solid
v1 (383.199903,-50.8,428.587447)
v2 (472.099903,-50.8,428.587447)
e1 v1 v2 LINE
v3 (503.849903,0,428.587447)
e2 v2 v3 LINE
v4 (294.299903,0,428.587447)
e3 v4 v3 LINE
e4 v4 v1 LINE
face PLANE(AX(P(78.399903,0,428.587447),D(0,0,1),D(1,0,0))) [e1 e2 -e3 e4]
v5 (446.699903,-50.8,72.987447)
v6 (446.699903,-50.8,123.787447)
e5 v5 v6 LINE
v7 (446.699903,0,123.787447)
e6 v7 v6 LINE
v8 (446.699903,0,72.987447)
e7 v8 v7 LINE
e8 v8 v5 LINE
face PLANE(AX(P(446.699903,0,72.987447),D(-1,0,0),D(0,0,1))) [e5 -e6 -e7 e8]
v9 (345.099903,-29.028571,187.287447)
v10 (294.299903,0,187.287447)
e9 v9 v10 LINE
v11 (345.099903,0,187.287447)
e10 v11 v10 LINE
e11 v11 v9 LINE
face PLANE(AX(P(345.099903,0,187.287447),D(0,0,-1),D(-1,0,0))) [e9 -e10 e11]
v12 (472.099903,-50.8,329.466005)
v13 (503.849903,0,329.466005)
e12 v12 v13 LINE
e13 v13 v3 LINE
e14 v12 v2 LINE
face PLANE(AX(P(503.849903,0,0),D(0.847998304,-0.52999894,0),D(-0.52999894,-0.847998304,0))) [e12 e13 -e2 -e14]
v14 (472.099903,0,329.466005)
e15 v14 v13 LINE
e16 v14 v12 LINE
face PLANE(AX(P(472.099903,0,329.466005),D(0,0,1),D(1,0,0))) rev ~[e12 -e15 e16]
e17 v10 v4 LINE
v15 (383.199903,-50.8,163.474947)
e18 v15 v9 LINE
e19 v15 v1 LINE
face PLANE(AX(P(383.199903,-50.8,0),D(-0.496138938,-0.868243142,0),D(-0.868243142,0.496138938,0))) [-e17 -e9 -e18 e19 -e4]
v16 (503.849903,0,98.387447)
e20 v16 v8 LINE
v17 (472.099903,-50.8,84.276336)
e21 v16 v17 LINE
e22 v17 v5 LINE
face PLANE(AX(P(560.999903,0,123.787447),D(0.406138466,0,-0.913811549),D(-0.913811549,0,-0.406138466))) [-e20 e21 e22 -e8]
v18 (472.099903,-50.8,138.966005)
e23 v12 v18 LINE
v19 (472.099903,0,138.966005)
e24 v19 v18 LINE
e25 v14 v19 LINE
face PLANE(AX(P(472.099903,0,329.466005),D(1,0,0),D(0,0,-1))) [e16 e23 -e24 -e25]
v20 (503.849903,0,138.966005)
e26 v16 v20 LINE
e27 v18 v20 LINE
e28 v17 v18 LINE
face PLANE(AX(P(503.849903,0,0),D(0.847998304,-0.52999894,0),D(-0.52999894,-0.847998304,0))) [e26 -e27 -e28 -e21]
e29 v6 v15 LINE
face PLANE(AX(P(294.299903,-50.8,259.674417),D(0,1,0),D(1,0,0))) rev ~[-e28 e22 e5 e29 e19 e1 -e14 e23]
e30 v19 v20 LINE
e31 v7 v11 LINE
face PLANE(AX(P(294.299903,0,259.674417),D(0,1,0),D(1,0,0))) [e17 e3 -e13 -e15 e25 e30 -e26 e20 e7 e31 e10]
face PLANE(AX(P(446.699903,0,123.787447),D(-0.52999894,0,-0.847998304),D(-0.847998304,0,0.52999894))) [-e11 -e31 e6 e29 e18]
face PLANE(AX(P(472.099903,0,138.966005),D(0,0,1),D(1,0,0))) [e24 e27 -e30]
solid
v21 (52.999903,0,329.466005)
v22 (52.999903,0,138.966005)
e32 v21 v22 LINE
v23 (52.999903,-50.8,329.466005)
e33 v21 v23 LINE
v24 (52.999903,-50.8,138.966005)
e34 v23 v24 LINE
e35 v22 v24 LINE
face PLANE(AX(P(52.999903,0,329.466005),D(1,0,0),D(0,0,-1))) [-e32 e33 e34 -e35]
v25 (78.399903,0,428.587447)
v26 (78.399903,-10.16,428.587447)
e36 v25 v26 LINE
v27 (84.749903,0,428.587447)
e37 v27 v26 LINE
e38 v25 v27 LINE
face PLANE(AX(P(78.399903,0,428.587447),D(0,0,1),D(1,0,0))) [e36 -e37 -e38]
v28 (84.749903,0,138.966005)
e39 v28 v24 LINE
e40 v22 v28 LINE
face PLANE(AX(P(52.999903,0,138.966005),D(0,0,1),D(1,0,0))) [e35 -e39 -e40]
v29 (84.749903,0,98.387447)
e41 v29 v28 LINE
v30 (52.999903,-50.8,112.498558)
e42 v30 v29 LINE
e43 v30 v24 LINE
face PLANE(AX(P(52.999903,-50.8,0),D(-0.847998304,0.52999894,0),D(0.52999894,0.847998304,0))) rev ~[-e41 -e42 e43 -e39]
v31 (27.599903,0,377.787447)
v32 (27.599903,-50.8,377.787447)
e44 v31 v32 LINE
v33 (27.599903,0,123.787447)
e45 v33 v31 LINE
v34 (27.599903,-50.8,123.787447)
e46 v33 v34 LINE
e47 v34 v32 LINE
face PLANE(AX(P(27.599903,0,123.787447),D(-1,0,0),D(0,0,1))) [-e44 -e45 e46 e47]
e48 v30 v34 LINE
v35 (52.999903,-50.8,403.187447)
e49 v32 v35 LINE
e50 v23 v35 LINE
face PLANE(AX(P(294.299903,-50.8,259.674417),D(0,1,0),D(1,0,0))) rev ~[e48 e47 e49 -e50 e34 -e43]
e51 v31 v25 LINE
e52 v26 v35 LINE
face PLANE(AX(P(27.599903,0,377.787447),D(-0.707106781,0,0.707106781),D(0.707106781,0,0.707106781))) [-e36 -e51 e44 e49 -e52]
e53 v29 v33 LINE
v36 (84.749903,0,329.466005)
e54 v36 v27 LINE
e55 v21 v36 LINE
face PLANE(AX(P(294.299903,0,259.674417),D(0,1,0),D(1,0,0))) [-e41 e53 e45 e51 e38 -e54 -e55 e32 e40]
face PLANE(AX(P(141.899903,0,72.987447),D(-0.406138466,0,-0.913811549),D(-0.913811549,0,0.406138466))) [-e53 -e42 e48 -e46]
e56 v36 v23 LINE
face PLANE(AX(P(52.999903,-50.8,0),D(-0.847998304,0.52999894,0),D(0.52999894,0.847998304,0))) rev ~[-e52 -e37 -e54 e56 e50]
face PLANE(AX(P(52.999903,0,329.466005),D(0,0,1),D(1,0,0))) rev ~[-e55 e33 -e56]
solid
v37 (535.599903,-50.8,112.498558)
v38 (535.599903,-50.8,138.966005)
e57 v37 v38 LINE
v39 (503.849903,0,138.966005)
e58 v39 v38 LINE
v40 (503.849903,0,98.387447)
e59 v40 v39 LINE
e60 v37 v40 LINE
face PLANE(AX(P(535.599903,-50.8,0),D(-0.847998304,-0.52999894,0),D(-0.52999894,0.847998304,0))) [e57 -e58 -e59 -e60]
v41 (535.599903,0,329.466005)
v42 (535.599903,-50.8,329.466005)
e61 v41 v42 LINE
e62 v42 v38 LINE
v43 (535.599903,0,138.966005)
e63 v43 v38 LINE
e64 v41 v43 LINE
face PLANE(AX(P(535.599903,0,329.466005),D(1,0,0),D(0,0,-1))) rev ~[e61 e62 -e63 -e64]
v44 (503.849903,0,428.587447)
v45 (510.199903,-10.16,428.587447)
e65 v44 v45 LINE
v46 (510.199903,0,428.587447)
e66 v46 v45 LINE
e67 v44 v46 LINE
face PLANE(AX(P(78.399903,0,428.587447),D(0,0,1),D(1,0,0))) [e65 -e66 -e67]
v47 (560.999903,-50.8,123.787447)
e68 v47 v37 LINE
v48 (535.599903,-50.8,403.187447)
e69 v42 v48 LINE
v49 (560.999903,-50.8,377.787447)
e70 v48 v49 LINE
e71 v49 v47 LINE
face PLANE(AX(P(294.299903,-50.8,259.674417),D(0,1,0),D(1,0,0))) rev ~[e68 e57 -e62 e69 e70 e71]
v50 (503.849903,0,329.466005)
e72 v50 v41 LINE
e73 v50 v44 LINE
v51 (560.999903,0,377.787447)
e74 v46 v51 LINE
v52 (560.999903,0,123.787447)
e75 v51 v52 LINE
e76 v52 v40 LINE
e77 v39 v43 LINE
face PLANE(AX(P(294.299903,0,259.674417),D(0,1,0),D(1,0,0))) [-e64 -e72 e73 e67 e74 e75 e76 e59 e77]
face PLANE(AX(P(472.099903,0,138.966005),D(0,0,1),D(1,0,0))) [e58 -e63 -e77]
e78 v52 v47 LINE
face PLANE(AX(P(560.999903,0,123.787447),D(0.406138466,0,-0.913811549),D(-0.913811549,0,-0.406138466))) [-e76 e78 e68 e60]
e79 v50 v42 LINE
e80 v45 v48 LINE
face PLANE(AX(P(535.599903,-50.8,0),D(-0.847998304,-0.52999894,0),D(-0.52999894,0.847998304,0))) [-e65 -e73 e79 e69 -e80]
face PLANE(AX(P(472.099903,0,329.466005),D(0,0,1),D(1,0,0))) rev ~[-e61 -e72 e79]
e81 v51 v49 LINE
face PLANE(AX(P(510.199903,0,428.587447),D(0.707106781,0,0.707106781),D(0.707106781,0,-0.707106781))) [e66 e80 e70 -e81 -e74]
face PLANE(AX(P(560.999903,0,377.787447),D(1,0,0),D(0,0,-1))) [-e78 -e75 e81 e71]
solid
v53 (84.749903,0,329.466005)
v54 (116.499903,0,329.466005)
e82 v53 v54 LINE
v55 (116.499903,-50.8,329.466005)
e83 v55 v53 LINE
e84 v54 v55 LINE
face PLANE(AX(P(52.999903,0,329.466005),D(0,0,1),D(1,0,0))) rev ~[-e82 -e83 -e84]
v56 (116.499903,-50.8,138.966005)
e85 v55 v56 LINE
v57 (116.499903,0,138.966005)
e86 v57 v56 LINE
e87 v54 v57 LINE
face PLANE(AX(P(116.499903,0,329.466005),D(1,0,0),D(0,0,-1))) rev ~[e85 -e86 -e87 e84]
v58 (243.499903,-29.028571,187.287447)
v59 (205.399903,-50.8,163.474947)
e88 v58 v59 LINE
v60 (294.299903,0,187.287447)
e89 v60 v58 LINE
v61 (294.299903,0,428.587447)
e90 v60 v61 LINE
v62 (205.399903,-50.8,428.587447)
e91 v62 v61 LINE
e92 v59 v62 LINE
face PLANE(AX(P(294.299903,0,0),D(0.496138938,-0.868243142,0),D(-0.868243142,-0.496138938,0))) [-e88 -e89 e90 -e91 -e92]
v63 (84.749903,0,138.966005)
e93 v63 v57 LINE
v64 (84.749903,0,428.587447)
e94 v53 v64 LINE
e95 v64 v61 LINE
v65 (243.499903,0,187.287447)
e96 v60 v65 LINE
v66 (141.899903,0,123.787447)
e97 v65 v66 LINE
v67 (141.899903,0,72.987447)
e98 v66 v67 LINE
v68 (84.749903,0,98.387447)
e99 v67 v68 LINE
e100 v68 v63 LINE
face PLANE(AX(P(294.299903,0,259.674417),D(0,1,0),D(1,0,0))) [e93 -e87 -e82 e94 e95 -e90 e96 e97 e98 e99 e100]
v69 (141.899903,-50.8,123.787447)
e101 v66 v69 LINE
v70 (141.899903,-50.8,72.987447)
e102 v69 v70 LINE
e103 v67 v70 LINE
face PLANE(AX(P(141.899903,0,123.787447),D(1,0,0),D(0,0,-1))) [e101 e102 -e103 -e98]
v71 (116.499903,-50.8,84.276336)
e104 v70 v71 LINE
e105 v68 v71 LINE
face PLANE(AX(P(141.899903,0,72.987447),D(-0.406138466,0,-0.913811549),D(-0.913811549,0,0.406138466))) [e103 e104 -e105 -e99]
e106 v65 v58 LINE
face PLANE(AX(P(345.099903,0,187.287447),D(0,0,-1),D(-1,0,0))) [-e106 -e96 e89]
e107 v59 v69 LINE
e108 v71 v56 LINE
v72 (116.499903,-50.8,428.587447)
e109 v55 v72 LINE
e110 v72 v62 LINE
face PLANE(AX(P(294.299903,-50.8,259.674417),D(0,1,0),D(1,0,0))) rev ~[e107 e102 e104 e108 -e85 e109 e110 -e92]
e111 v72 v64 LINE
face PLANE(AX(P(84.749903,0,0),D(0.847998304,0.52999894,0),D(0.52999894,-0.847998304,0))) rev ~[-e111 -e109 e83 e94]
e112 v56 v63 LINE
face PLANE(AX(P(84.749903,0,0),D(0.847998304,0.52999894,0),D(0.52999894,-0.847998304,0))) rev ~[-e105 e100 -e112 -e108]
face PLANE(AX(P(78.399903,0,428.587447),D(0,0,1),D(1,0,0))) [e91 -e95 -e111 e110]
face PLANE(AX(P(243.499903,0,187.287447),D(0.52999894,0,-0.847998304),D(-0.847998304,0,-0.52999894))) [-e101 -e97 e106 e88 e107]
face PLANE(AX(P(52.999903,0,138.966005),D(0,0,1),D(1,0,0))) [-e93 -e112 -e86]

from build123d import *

# Parameters (mm, degrees)
SKETCH1_W           = 63.5
SKETCH1_H           = 190.5
BOSS_EXTRUDE1_DEPTH = 50.8
CUT_EXTRUDE1_DEPTH  = 708.805574494


with BuildPart() as part:
    # Sketch1 → Boss-Extrude1 (new body)
    with BuildSketch(Plane(origin=(0, 0, 0), x_dir=(1, 0, 0), z_dir=(0, 1, 0))):
        Polygon((446.699903074, -123.787447361), (345.099903074, -187.287447361), (243.499903074, -187.287447361), (141.899903074, -123.787447361), (141.899903074, -72.987447361), (27.599903074, -123.787447361), (27.599903074, -123.848308515), (27.599903074, -375.907017994), (27.599903074, -377.787447361), (78.399903074, -428.587447361), (510.199903074, -428.587447361), (560.999903074, -377.787447361), (560.999903074, -123.787447361), (446.699903074, -72.987447361), align=None)
        with Locations((84.749903074, -234.21600548)):
            Rectangle(SKETCH1_W, SKETCH1_H, mode=Mode.SUBTRACT)
        with Locations((503.849903074, -234.21600548)):
            Rectangle(SKETCH1_W, SKETCH1_H, mode=Mode.SUBTRACT)
    extrude(amount=-BOSS_EXTRUDE1_DEPTH)

    # Sketch2 → Cut-Extrude1 (cut, through all)
    with BuildSketch(Plane.XY):
        Polygon((52.999903074, -50.8), (84.749903074, 0), (116.499903074, -50.8), align=None)
        Polygon((294.299903074, 0), (205.399903074, -50.8), (383.199903074, -50.8), align=None)
        Polygon((472.099903074, -50.8), (535.599903074, -50.8), (503.849903074, 0), align=None)
    extrude(amount=CUT_EXTRUDE1_DEPTH, mode=Mode.SUBTRACT)


with BuildPart() as cut_extrude1_piece_1:
    # of the separate pieces the step leaves, piece 1, a body of its own (cut_extrude1_pieces)
    add(part.part.solids().sort_by_distance((116.499903074, 0, 329.46600548))[0])


with BuildPart() as cut_extrude1_piece_2:
    # of the separate pieces the step leaves, piece 2, a body of its own (cut_extrude1_pieces)
    add(part.part.solids().sort_by_distance((446.699903074, 0, 123.787447361))[0])


with BuildPart() as cut_extrude1_piece_3:
    # of the separate pieces the step leaves, piece 3, a body of its own (cut_extrude1_pieces)
    add(part.part.solids().sort_by_distance((560.999903074, 0, 123.787447361))[0])


with BuildPart() as cut_extrude1_piece_4:
    # of the separate pieces the step leaves, piece 4, a body of its own (cut_extrude1_pieces)
    add(part.part.solids().sort_by_distance((78.399903074, 0, 428.587447361))[0])


solid = Compound([cut_extrude1_piece_1.part, cut_extrude1_piece_2.part, cut_extrude1_piece_3.part, cut_extrude1_piece_4.part])
